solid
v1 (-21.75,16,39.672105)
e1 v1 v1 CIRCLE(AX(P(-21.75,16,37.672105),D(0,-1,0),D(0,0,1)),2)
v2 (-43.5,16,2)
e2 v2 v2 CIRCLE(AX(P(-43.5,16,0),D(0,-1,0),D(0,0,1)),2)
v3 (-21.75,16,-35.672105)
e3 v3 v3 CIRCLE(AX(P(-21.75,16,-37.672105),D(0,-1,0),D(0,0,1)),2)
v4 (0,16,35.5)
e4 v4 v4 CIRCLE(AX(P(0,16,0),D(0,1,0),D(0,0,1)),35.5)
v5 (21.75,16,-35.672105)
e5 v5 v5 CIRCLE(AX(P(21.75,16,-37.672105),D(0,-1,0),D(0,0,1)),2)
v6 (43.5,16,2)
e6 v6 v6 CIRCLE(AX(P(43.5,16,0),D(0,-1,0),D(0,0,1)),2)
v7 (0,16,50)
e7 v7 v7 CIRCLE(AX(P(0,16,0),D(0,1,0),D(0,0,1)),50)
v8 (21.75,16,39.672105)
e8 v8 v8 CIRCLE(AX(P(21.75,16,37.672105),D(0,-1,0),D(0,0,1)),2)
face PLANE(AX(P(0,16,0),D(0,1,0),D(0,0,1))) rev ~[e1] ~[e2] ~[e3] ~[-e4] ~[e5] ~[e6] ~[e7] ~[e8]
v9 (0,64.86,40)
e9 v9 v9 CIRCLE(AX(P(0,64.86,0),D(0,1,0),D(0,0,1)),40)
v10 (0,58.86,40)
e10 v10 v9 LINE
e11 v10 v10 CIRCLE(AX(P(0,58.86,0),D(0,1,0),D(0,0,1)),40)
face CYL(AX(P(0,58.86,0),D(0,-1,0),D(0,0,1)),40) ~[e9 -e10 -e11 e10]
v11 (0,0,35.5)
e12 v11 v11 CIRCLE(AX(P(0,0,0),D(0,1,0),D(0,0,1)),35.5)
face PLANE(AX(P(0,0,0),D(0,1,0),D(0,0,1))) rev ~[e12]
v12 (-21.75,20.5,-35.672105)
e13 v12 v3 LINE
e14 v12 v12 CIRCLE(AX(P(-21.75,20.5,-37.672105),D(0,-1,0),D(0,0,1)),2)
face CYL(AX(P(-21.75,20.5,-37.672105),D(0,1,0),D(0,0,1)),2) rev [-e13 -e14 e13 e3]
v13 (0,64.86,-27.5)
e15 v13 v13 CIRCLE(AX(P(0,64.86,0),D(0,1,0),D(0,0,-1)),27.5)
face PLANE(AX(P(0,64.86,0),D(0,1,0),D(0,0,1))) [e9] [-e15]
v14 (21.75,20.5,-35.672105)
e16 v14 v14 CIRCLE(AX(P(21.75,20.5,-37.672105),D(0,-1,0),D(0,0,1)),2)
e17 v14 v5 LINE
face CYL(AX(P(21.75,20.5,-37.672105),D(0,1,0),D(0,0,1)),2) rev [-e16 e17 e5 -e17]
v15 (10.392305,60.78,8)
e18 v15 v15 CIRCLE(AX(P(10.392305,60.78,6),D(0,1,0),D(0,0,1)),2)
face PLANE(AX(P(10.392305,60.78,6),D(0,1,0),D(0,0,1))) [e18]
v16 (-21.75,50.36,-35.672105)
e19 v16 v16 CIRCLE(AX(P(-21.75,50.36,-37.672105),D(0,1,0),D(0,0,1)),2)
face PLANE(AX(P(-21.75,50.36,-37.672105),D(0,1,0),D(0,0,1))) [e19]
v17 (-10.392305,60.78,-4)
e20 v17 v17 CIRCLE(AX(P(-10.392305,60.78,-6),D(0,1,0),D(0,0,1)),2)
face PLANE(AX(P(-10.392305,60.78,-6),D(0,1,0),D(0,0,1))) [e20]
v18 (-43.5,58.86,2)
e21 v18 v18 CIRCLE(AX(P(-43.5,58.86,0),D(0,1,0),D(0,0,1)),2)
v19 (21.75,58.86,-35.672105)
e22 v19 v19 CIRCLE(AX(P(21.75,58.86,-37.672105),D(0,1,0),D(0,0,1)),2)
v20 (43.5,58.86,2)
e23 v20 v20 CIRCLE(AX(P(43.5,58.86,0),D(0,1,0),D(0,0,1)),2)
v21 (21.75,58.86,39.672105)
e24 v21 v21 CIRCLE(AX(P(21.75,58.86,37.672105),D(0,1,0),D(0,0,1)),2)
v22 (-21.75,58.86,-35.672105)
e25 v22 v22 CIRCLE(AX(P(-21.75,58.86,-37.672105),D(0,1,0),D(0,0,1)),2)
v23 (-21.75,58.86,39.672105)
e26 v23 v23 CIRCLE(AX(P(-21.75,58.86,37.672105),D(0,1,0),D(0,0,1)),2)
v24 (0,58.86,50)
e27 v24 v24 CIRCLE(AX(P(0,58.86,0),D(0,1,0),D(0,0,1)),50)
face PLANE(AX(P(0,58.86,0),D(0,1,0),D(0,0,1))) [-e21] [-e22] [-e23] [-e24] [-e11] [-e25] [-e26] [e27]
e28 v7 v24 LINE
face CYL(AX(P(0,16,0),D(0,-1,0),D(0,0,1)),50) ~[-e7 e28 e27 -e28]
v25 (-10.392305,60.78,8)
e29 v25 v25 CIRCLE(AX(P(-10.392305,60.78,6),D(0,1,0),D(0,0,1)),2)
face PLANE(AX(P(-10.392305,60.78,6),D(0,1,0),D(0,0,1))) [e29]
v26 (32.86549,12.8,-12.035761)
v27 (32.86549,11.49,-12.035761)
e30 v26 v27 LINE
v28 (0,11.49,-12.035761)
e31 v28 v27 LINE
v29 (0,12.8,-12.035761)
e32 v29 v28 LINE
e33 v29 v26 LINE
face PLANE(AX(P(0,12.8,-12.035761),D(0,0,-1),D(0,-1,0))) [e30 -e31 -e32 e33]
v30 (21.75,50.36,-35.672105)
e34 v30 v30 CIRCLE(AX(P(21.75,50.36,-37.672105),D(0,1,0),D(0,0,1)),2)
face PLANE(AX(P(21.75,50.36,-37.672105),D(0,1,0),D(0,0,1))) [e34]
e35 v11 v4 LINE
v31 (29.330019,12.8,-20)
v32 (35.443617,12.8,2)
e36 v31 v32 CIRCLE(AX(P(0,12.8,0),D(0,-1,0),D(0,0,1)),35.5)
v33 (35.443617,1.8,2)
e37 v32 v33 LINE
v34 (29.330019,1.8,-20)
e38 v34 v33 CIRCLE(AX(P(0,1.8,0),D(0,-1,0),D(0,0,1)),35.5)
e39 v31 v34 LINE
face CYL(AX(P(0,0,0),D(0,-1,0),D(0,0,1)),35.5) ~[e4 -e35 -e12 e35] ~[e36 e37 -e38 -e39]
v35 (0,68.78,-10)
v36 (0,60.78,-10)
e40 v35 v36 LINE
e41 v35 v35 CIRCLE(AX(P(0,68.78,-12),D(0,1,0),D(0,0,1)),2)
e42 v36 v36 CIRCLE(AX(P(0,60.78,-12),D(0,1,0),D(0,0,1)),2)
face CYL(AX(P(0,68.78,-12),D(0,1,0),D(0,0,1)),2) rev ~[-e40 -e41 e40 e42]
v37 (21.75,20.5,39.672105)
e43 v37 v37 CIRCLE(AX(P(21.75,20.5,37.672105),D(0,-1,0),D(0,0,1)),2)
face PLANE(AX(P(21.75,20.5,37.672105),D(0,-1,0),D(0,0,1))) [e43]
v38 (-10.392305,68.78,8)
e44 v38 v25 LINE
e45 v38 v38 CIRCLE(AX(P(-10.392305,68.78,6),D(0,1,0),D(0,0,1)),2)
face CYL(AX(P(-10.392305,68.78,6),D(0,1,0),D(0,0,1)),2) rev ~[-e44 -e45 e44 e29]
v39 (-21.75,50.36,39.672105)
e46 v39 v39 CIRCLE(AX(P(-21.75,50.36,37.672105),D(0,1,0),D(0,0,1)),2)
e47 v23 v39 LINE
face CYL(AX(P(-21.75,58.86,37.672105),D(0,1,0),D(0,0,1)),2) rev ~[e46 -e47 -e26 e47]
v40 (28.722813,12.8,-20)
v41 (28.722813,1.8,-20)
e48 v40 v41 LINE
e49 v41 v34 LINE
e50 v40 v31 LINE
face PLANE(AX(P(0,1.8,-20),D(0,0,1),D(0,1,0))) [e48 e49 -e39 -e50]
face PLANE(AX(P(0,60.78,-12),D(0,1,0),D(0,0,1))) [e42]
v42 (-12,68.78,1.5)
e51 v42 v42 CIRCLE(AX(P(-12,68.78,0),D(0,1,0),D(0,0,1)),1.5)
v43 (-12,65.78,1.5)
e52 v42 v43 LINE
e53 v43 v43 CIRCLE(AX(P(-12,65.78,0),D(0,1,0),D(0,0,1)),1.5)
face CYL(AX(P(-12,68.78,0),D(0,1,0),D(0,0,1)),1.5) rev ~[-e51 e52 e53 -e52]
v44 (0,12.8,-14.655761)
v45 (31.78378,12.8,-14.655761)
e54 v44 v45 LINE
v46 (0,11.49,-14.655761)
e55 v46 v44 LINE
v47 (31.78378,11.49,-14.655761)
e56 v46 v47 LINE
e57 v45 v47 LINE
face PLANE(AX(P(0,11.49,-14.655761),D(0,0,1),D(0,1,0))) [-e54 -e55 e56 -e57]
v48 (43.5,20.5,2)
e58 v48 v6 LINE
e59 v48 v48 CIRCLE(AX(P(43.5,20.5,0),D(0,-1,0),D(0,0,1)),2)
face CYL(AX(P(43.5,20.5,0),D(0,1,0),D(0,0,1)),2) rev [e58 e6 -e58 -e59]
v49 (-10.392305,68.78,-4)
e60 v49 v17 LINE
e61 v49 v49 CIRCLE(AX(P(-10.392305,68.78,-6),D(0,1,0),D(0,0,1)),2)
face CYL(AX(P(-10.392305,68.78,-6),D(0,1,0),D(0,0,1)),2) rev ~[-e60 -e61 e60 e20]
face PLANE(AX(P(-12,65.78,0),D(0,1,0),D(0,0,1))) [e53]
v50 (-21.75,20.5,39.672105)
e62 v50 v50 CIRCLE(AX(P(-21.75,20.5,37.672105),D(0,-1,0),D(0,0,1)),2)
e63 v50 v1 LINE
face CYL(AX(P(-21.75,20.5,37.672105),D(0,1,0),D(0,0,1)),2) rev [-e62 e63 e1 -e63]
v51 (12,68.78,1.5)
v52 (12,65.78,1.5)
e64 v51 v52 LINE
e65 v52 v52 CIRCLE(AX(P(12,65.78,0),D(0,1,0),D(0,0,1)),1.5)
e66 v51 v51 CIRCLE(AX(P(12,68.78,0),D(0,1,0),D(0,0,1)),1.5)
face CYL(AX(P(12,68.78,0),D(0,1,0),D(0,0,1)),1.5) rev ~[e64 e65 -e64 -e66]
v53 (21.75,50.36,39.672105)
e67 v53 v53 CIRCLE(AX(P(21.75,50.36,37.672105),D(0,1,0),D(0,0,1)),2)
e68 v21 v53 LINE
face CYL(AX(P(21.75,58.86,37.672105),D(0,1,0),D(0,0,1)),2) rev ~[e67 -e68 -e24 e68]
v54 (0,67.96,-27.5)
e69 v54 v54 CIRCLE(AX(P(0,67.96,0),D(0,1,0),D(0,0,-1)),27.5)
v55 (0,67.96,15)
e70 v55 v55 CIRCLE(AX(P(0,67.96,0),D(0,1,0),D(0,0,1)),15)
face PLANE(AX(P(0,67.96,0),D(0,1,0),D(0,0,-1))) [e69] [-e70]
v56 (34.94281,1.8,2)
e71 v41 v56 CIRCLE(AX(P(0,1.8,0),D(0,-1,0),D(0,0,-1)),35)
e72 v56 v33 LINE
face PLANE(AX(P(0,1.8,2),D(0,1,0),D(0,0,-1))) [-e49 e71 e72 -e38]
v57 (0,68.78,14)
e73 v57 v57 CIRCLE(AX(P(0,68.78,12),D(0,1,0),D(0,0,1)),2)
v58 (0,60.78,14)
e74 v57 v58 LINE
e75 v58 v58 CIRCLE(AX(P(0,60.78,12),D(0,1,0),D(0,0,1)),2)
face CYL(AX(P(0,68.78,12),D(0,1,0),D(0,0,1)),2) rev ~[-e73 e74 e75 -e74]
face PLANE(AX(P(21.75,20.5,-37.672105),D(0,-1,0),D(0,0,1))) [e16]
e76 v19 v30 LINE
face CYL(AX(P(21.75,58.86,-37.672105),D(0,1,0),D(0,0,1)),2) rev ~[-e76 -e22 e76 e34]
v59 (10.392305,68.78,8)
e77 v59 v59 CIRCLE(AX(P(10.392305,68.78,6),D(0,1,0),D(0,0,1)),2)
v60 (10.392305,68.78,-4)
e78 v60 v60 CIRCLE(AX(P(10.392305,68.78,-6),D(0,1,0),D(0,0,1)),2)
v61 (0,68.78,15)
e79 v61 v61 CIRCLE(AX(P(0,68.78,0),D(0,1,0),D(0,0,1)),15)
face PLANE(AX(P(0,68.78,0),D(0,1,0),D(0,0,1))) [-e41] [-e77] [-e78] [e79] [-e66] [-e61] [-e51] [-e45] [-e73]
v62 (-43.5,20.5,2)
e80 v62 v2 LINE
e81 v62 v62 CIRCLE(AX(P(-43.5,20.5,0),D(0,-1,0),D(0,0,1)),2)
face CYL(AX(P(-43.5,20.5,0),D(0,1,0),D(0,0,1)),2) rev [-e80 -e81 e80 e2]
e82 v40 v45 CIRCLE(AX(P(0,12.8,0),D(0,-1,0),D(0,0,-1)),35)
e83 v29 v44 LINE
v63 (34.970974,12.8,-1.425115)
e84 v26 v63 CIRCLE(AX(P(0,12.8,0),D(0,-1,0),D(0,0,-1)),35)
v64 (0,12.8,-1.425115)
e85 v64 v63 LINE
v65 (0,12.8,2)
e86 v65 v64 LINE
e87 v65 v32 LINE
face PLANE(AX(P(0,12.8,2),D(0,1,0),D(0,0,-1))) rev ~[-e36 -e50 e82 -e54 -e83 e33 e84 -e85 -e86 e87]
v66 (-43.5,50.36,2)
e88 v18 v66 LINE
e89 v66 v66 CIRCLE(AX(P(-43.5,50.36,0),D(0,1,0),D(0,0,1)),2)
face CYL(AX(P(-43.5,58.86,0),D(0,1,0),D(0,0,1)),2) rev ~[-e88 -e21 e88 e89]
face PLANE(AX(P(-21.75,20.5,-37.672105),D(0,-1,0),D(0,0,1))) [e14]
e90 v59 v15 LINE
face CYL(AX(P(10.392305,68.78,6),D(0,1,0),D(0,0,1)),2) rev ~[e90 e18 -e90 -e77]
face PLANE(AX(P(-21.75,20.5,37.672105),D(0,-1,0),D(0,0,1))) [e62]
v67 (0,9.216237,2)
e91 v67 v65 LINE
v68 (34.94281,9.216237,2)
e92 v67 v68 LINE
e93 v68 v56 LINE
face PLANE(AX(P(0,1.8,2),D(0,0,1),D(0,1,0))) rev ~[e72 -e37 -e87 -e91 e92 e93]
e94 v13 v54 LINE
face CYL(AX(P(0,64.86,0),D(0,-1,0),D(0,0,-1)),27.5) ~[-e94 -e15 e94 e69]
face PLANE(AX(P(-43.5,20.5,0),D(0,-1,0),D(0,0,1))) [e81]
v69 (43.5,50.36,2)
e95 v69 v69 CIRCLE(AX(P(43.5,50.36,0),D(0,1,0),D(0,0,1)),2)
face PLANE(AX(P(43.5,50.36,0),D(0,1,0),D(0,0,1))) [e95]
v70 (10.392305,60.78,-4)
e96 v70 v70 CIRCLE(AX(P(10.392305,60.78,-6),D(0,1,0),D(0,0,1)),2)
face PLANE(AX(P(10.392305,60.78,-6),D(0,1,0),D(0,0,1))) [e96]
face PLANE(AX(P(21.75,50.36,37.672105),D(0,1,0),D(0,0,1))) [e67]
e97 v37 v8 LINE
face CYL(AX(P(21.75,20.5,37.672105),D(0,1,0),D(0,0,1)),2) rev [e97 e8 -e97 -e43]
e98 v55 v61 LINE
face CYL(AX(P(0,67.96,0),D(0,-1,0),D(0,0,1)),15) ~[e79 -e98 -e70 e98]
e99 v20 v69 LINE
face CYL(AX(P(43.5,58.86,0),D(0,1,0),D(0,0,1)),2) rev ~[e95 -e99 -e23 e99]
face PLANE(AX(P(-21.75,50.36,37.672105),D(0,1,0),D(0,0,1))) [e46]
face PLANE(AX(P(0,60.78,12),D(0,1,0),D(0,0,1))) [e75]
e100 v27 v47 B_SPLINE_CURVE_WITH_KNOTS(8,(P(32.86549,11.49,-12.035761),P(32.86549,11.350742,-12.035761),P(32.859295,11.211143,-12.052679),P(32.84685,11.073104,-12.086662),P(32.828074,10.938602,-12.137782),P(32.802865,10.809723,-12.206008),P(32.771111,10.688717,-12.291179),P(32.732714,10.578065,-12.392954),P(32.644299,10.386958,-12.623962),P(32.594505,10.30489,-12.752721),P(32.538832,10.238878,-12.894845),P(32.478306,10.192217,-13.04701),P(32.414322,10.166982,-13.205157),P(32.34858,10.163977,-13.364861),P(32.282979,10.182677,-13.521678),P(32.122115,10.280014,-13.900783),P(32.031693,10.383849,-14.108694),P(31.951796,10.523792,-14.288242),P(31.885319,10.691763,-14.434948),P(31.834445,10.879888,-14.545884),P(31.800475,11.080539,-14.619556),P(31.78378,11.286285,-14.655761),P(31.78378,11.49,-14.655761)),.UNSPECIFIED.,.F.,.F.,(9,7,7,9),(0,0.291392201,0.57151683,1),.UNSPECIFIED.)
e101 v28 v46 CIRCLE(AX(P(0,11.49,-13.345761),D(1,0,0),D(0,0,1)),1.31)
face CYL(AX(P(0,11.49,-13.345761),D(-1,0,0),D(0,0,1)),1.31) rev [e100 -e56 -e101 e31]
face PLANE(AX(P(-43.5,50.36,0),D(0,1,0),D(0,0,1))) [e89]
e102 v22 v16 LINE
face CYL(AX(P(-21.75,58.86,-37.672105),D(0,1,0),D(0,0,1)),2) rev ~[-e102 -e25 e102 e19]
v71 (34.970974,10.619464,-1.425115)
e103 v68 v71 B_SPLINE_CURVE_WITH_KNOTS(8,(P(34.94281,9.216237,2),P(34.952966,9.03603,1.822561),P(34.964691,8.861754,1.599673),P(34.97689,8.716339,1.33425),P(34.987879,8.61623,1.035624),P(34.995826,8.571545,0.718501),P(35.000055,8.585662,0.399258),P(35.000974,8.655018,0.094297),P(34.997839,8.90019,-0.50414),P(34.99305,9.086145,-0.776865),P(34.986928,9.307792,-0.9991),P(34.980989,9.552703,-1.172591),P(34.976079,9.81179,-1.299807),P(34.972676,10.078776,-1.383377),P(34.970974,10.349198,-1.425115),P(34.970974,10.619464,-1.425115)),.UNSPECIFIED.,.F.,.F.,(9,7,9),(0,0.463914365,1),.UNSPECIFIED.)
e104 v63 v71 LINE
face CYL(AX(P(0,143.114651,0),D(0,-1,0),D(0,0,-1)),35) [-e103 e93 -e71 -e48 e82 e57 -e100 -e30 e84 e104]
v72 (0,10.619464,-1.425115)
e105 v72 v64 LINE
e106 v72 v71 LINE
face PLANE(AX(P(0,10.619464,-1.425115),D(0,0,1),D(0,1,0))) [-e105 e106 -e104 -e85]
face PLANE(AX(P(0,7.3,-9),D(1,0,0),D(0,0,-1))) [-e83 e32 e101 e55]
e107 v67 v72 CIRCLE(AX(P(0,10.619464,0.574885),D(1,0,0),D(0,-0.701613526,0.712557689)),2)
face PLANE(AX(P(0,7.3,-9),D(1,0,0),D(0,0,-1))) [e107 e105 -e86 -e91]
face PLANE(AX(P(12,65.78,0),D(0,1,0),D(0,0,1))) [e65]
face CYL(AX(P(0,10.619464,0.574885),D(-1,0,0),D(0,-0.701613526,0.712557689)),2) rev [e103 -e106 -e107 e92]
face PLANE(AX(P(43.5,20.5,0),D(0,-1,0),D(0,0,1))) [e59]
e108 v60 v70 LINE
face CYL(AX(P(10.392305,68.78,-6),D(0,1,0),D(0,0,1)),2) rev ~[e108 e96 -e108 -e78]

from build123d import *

# Parameters (mm, degrees)
SKETCH2_R                = 35.5
BOSS_EXTRUDE1_DEPTH      = 16
SKETCH3_R                = 50
BOSS_EXTRUDE2_DEPTH      = 42.86
SKETCH4_R                = 40
BOSS_EXTRUDE3_DEPTH      = 6
SKETCH5_R                = 27.5
BOSS_EXTRUDE4_DEPTH      = 3.1
SKETCH6_R                = 15
BOSS_EXTRUDE5_DEPTH      = 0.82
SKETCH7_R                = 1.5
CUT_EXTRUDE1_DEPTH       = 3
SKETCH8_R                = 2
CUT_EXTRUDE2_DEPTH       = 8
SKETCH9_R                = 2
CUT_EXTRUDE3_DEPTH       = 8.5
CUT_EXTRUDE4_START       = -4.5
SKETCH10_R               = 2
CUT_EXTRUDE4_DEPTH       = 4.5
SKETCH12_W               = 22
SKETCH12_H               = 11
CUT_EXTRUDE6_DEPTH       = 54.5
BOSS_EXTRUDE6_REACH      = 100.644
BOSS_EXTRUDE6_END_RADIUS = 35


with BuildPart() as part:
    # Sketch2 → Boss-Extrude1 (new body)
    with BuildSketch(Plane(origin=(0, 0, 0), x_dir=(1, 0, 0), z_dir=(0, 1, 0))):
        with Locations(Location((0, 0, 0), (0, 0, 270))):
            Circle(SKETCH2_R)
    extrude(amount=BOSS_EXTRUDE1_DEPTH)

    # Sketch3 → Boss-Extrude2 (add)
    with BuildSketch(Plane(origin=(0, 16, 0), x_dir=(1, 0, 0), z_dir=(0, 1, 0))):
        with Locations(Location((0, 0, 0), (0, 0, 270))):
            Circle(SKETCH3_R)
    extrude(amount=BOSS_EXTRUDE2_DEPTH)

    # Sketch4 → Boss-Extrude3 (add)
    with BuildSketch(Plane(origin=(0, 58.86, 0), x_dir=(1, 0, 0), z_dir=(0, 1, 0))):
        with Locations(Location((0, 0, 0), (0, 0, 270))):
            Circle(SKETCH4_R)
    extrude(amount=BOSS_EXTRUDE3_DEPTH)

    # Sketch5 → Boss-Extrude4 (add)
    with BuildSketch(Plane(origin=(0, 64.86, 0), x_dir=(1, 0, 0), z_dir=(0, 1, 0))):
        with Locations(Location((0, 0, 0), (0, 0, 90))):
            Circle(SKETCH5_R)
    extrude(amount=BOSS_EXTRUDE4_DEPTH)

    # Sketch6 → Boss-Extrude5 (add)
    with BuildSketch(Plane(origin=(0, 67.96, 0), x_dir=(1, 0, 0), z_dir=(0, 1, 0))):
        with Locations(Location((0, 0, 0), (0, 0, 270))):
            Circle(SKETCH6_R)
    extrude(amount=BOSS_EXTRUDE5_DEPTH)

    # Sketch7 → Cut-Extrude1 (cut)
    with BuildSketch(Plane(origin=(0, 68.78, 0), x_dir=(1, 0, 0), z_dir=(0, 1, 0))):
        with Locations(Location((12, 0, 0), (0, 0, 270))):
            Circle(SKETCH7_R)
        with Locations(Location((-12, 0, 0), (0, 0, 270))):
            Circle(SKETCH7_R)
    extrude(amount=-CUT_EXTRUDE1_DEPTH, mode=Mode.SUBTRACT)

    # Sketch8 → Cut-Extrude2 (cut)
    with BuildSketch(Plane(origin=(0, 68.78, 0), x_dir=(1, 0, 0), z_dir=(0, 1, 0))):
        with Locations(Location((10.392304845, -6, 0), (0, 0, 270))):
            Circle(SKETCH8_R)
        with Locations(Location((0, -12, 0), (0, 0, 270))):
            Circle(SKETCH8_R)
        with Locations(Location((-10.392304845, -6, 0), (0, 0, 270))):
            Circle(SKETCH8_R)
        with Locations(Location((-10.392304845, 6, 0), (0, 0, 270))):
            Circle(SKETCH8_R)
        with Locations(Location((0, 12, 0), (0, 0, 270))):
            Circle(SKETCH8_R)
        with Locations(Location((10.392304845, 6, 0), (0, 0, 270))):
            Circle(SKETCH8_R)
    extrude(amount=-CUT_EXTRUDE2_DEPTH, mode=Mode.SUBTRACT)

    # Sketch9 → Cut-Extrude3 (cut)
    with BuildSketch(Plane(origin=(0, 58.86, 0), x_dir=(1, 0, 0), z_dir=(0, 1, 0))):
        with Locations(Location((43.5, 0, 0), (0, 0, 270))):
            Circle(SKETCH9_R)
        with Locations(Location((21.75, -37.672105065, 0), (0, 0, 270))):
            Circle(SKETCH9_R)
        with Locations(Location((-21.75, -37.672105065, 0), (0, 0, 270))):
            Circle(SKETCH9_R)
        with Locations(Location((-43.5, 0, 0), (0, 0, 270))):
            Circle(SKETCH9_R)
        with Locations(Location((-21.75, 37.672105065, 0), (0, 0, 270))):
            Circle(SKETCH9_R)
        with Locations(Location((21.75, 37.672105065, 0), (0, 0, 270))):
            Circle(SKETCH9_R)
    extrude(amount=-CUT_EXTRUDE3_DEPTH, mode=Mode.SUBTRACT)

    # Sketch10 → Cut-Extrude4 (cut)
    with BuildSketch(Plane.XZ.offset(-16).offset(CUT_EXTRUDE4_START)):
        with Locations(Location((-43.5, 0, 0), (0, 0, 90))):
            Circle(SKETCH10_R)
        with Locations(Location((-21.75, 37.672105065, 0), (0, 0, 90))):
            Circle(SKETCH10_R)
        with Locations(Location((21.75, 37.672105065, 0), (0, 0, 90))):
            Circle(SKETCH10_R)
        with Locations(Location((43.5, 0, 0), (0, 0, 90))):
            Circle(SKETCH10_R)
        with Locations(Location((21.75, -37.672105065, 0), (0, 0, 90))):
            Circle(SKETCH10_R)
        with Locations(Location((-21.75, -37.672105065, 0), (0, 0, 90))):
            Circle(SKETCH10_R)
    extrude(amount=CUT_EXTRUDE4_DEPTH, mode=Mode.SUBTRACT)

    # Sketch12 → Cut-Extrude6 (cut)
    with BuildSketch(Plane(origin=(0, 0, 0), x_dir=(0, 0, -1), z_dir=(1, 0, 0))):
        with Locations((9, 7.3)):
            Rectangle(SKETCH12_W, SKETCH12_H)
    extrude(amount=CUT_EXTRUDE6_DEPTH, mode=Mode.SUBTRACT)

    # Boss-Extrude6: up to this cylinder (the profile starts inside it)
    boss_extrude6_end = Plane(origin=(0, 6.970651, 0), z_dir=(0, -1, 0)) * Cylinder(BOSS_EXTRUDE6_END_RADIUS, 272.288, mode=Mode.PRIVATE)
    # Sketch13 → Boss-Extrude6 (add, up to the surface)
    with BuildSketch(Plane(origin=(0, 0, 0), x_dir=(0, 0, -1), z_dir=(1, 0, 0)), mode=Mode.PRIVATE) as boss_extrude6_sk1:
        with BuildLine():
            Line((1.425115379, 10.619463885), (1.425115379, 12.8))
            Line((1.425115379, 12.8), (12.035760987, 12.8))
            Line((12.035760987, 12.8), (12.035760987, 11.49))
            ThreePointArc((12.035760987, 11.49), (13.345760987, 10.18), (14.655760987, 11.49))
            Line((14.655760987, 11.49), (14.655760987, 12.8))
            Line((14.655760987, 12.8), (20, 12.8))
            Line((20, 12.8), (20, 1.8))
            Line((20, 1.8), (-2, 1.8))
            Line((-2, 1.8), (-2, 9.216236834))
            ThreePointArc((-2, 9.216236834), (0.183326841, 8.768757161), (1.425115379, 10.619463885))
        make_face()
    boss_extrude6_tool1 = extrude(boss_extrude6_sk1.sketch, amount=BOSS_EXTRUDE6_REACH, mode=Mode.PRIVATE) & boss_extrude6_end
    add(boss_extrude6_tool1.solids().sort_by_distance((0, 6.970651, -9.434063))[0])


solid = part.part
